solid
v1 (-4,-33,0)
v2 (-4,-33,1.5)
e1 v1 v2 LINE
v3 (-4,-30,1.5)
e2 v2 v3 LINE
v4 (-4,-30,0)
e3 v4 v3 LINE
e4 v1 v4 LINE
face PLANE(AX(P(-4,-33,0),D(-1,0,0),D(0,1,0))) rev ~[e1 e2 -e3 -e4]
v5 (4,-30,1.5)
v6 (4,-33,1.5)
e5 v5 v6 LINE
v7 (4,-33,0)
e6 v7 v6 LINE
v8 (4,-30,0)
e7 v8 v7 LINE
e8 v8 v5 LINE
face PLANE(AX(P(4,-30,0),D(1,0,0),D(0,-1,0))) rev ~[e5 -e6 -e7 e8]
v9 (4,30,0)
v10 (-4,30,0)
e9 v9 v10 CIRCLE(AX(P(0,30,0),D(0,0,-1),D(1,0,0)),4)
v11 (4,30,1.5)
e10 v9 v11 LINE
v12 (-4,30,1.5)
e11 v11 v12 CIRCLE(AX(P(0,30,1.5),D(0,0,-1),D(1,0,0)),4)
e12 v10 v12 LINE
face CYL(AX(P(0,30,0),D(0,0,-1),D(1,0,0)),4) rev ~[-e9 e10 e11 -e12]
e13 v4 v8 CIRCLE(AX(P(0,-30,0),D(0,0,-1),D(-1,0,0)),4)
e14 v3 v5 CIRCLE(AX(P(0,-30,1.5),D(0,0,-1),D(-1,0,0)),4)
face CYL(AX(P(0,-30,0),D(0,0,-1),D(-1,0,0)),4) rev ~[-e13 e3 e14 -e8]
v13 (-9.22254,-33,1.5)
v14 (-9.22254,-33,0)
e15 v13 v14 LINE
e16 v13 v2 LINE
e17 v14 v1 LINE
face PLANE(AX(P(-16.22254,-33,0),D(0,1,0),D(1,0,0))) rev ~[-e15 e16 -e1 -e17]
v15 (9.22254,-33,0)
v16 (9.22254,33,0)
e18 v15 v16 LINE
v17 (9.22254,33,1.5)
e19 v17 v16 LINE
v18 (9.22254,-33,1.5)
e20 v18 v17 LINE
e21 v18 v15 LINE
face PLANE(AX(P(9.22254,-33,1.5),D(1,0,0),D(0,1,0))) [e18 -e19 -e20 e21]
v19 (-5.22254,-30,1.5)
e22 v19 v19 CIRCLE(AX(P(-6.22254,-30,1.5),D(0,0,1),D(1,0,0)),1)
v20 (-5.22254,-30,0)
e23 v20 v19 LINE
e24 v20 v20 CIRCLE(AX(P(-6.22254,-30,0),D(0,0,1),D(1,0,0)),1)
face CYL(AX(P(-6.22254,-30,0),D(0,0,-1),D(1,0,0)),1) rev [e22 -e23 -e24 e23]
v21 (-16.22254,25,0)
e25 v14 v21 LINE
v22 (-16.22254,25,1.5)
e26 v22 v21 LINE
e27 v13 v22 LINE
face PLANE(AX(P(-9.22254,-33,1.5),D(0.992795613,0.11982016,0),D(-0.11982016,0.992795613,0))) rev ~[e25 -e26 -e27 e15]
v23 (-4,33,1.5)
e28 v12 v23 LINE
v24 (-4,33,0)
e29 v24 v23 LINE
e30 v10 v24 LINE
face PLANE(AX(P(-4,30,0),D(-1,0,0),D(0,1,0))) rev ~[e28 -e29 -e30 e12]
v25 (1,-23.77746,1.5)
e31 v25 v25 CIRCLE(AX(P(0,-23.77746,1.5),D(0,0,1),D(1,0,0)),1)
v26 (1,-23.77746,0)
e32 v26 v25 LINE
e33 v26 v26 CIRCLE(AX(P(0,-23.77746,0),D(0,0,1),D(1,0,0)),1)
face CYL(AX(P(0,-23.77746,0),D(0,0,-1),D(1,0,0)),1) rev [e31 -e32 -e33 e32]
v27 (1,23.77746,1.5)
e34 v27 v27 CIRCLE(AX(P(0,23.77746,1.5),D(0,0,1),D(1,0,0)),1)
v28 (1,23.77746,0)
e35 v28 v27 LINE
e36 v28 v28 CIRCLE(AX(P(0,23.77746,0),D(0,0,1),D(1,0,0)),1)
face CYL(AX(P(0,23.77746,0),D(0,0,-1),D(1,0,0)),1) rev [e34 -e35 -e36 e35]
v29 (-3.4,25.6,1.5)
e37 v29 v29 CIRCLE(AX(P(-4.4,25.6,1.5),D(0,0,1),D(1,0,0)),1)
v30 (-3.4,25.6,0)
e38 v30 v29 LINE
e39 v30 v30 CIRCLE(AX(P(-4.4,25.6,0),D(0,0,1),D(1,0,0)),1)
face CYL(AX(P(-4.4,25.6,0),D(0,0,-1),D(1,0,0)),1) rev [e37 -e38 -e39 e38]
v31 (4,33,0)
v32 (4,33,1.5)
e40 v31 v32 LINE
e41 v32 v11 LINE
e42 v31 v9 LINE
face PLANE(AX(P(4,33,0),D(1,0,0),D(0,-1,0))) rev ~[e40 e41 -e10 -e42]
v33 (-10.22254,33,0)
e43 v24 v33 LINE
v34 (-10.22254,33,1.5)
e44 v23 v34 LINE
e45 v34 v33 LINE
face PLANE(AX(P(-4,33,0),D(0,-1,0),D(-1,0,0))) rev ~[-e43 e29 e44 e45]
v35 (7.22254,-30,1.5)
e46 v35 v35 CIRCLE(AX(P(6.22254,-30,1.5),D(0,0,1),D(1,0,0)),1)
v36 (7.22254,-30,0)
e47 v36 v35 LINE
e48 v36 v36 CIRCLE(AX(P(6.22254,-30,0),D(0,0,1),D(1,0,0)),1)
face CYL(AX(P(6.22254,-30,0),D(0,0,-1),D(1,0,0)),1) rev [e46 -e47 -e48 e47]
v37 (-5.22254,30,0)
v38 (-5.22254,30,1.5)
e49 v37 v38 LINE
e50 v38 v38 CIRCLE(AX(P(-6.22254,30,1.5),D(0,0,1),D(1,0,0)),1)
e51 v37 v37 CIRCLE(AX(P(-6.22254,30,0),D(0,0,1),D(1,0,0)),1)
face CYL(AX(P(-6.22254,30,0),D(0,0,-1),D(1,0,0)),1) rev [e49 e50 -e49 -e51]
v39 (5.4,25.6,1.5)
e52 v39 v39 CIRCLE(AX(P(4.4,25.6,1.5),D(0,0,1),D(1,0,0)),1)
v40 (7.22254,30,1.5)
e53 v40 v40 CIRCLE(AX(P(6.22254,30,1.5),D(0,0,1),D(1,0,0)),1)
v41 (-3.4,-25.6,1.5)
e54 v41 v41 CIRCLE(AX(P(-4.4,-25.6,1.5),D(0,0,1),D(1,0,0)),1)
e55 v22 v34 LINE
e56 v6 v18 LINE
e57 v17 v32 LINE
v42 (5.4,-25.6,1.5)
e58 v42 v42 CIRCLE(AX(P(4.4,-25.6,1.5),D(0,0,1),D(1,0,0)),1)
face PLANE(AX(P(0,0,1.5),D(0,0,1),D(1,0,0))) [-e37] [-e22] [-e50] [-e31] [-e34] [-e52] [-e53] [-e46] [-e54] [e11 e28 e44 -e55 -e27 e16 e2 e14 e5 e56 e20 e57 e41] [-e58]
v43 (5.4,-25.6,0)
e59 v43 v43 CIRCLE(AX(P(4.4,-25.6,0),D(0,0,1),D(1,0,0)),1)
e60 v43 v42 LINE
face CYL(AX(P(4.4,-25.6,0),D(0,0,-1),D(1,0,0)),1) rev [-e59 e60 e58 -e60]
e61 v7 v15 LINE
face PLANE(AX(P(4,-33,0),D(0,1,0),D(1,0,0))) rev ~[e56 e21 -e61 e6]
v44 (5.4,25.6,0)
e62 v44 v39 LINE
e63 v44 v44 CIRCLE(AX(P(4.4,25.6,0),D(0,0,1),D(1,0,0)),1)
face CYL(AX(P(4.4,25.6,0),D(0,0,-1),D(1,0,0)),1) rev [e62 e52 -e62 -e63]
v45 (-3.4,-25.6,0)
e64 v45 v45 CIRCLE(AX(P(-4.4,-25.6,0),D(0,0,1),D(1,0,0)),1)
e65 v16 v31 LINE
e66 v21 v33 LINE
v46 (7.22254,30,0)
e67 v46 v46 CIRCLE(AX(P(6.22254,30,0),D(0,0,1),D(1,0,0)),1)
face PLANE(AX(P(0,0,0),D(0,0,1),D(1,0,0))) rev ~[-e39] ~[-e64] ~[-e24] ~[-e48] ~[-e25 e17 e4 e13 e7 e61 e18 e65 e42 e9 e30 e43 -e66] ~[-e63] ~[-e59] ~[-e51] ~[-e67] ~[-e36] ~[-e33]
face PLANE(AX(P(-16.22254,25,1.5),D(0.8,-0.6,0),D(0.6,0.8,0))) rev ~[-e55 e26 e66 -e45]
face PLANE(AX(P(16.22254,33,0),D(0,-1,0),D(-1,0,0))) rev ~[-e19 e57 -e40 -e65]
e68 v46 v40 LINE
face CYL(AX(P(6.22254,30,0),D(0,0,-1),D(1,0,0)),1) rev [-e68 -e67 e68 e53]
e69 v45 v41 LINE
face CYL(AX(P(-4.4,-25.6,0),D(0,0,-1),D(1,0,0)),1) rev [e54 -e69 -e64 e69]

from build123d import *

# Parameters (mm, degrees)
F0_R     = 1
F1_DEPTH = 1.5
F2_W     = 7
F2_H     = 66
F3_DEPTH = 1.5


with BuildPart() as f1:
    # F0 (on Top) → F1 (new body)
    with BuildSketch(Plane.XY):
        with BuildLine():
            Line((-4, 33), (-16.22254, 33))
            Line((-16.22254, 33), (-16.22254, -33))
            Line((-16.22254, -33), (-4, -33))
            Line((-4, -33), (-4, -30))
            ThreePointArc((-4, -30), (0, -26), (4, -30))
            Line((4, -30), (4, -33))
            Line((4, -33), (16.22254, -33))
            Line((16.22254, -33), (16.22254, 33))
            Line((16.22254, 33), (4, 33))
            Line((4, 33), (4, 30))
            ThreePointArc((4, 30), (0, 26), (-4, 30))
            Line((-4, 30), (-4, 33))
        make_face()
        with Locations((-6.22254, -30)):
            Circle(F0_R, mode=Mode.SUBTRACT)
        with Locations((-4.4, -25.6)):
            Circle(F0_R, mode=Mode.SUBTRACT)
        with Locations((6.22254, -30)):
            Circle(F0_R, mode=Mode.SUBTRACT)
        with Locations((4.4, -25.6)):
            Circle(F0_R, mode=Mode.SUBTRACT)
        with Locations((0, -23.77746)):
            Circle(F0_R, mode=Mode.SUBTRACT)
        with Locations((-4.4, 25.6)):
            Circle(F0_R, mode=Mode.SUBTRACT)
        with Locations((-6.22254, 30)):
            Circle(F0_R, mode=Mode.SUBTRACT)
        with Locations((0, 23.77746)):
            Circle(F0_R, mode=Mode.SUBTRACT)
        with Locations((4.4, 25.6)):
            Circle(F0_R, mode=Mode.SUBTRACT)
        with Locations((6.22254, 30)):
            Circle(F0_R, mode=Mode.SUBTRACT)
    extrude(amount=F1_DEPTH)

    # F2 (on face) → F3 (cut, through all)
    with BuildSketch(Plane.XY.offset(1.5)):
        Polygon((-16.22254, 25), (-10.22254, 33), (-16.22254, 33), align=None)
        Polygon((-16.22254, -33), (-9.22254, -33), (-16.22254, 25), align=None)
        with Locations((12.72254, 0)):
            Rectangle(F2_W, F2_H)
    extrude(amount=-F3_DEPTH, mode=Mode.SUBTRACT)


solid = f1.part
